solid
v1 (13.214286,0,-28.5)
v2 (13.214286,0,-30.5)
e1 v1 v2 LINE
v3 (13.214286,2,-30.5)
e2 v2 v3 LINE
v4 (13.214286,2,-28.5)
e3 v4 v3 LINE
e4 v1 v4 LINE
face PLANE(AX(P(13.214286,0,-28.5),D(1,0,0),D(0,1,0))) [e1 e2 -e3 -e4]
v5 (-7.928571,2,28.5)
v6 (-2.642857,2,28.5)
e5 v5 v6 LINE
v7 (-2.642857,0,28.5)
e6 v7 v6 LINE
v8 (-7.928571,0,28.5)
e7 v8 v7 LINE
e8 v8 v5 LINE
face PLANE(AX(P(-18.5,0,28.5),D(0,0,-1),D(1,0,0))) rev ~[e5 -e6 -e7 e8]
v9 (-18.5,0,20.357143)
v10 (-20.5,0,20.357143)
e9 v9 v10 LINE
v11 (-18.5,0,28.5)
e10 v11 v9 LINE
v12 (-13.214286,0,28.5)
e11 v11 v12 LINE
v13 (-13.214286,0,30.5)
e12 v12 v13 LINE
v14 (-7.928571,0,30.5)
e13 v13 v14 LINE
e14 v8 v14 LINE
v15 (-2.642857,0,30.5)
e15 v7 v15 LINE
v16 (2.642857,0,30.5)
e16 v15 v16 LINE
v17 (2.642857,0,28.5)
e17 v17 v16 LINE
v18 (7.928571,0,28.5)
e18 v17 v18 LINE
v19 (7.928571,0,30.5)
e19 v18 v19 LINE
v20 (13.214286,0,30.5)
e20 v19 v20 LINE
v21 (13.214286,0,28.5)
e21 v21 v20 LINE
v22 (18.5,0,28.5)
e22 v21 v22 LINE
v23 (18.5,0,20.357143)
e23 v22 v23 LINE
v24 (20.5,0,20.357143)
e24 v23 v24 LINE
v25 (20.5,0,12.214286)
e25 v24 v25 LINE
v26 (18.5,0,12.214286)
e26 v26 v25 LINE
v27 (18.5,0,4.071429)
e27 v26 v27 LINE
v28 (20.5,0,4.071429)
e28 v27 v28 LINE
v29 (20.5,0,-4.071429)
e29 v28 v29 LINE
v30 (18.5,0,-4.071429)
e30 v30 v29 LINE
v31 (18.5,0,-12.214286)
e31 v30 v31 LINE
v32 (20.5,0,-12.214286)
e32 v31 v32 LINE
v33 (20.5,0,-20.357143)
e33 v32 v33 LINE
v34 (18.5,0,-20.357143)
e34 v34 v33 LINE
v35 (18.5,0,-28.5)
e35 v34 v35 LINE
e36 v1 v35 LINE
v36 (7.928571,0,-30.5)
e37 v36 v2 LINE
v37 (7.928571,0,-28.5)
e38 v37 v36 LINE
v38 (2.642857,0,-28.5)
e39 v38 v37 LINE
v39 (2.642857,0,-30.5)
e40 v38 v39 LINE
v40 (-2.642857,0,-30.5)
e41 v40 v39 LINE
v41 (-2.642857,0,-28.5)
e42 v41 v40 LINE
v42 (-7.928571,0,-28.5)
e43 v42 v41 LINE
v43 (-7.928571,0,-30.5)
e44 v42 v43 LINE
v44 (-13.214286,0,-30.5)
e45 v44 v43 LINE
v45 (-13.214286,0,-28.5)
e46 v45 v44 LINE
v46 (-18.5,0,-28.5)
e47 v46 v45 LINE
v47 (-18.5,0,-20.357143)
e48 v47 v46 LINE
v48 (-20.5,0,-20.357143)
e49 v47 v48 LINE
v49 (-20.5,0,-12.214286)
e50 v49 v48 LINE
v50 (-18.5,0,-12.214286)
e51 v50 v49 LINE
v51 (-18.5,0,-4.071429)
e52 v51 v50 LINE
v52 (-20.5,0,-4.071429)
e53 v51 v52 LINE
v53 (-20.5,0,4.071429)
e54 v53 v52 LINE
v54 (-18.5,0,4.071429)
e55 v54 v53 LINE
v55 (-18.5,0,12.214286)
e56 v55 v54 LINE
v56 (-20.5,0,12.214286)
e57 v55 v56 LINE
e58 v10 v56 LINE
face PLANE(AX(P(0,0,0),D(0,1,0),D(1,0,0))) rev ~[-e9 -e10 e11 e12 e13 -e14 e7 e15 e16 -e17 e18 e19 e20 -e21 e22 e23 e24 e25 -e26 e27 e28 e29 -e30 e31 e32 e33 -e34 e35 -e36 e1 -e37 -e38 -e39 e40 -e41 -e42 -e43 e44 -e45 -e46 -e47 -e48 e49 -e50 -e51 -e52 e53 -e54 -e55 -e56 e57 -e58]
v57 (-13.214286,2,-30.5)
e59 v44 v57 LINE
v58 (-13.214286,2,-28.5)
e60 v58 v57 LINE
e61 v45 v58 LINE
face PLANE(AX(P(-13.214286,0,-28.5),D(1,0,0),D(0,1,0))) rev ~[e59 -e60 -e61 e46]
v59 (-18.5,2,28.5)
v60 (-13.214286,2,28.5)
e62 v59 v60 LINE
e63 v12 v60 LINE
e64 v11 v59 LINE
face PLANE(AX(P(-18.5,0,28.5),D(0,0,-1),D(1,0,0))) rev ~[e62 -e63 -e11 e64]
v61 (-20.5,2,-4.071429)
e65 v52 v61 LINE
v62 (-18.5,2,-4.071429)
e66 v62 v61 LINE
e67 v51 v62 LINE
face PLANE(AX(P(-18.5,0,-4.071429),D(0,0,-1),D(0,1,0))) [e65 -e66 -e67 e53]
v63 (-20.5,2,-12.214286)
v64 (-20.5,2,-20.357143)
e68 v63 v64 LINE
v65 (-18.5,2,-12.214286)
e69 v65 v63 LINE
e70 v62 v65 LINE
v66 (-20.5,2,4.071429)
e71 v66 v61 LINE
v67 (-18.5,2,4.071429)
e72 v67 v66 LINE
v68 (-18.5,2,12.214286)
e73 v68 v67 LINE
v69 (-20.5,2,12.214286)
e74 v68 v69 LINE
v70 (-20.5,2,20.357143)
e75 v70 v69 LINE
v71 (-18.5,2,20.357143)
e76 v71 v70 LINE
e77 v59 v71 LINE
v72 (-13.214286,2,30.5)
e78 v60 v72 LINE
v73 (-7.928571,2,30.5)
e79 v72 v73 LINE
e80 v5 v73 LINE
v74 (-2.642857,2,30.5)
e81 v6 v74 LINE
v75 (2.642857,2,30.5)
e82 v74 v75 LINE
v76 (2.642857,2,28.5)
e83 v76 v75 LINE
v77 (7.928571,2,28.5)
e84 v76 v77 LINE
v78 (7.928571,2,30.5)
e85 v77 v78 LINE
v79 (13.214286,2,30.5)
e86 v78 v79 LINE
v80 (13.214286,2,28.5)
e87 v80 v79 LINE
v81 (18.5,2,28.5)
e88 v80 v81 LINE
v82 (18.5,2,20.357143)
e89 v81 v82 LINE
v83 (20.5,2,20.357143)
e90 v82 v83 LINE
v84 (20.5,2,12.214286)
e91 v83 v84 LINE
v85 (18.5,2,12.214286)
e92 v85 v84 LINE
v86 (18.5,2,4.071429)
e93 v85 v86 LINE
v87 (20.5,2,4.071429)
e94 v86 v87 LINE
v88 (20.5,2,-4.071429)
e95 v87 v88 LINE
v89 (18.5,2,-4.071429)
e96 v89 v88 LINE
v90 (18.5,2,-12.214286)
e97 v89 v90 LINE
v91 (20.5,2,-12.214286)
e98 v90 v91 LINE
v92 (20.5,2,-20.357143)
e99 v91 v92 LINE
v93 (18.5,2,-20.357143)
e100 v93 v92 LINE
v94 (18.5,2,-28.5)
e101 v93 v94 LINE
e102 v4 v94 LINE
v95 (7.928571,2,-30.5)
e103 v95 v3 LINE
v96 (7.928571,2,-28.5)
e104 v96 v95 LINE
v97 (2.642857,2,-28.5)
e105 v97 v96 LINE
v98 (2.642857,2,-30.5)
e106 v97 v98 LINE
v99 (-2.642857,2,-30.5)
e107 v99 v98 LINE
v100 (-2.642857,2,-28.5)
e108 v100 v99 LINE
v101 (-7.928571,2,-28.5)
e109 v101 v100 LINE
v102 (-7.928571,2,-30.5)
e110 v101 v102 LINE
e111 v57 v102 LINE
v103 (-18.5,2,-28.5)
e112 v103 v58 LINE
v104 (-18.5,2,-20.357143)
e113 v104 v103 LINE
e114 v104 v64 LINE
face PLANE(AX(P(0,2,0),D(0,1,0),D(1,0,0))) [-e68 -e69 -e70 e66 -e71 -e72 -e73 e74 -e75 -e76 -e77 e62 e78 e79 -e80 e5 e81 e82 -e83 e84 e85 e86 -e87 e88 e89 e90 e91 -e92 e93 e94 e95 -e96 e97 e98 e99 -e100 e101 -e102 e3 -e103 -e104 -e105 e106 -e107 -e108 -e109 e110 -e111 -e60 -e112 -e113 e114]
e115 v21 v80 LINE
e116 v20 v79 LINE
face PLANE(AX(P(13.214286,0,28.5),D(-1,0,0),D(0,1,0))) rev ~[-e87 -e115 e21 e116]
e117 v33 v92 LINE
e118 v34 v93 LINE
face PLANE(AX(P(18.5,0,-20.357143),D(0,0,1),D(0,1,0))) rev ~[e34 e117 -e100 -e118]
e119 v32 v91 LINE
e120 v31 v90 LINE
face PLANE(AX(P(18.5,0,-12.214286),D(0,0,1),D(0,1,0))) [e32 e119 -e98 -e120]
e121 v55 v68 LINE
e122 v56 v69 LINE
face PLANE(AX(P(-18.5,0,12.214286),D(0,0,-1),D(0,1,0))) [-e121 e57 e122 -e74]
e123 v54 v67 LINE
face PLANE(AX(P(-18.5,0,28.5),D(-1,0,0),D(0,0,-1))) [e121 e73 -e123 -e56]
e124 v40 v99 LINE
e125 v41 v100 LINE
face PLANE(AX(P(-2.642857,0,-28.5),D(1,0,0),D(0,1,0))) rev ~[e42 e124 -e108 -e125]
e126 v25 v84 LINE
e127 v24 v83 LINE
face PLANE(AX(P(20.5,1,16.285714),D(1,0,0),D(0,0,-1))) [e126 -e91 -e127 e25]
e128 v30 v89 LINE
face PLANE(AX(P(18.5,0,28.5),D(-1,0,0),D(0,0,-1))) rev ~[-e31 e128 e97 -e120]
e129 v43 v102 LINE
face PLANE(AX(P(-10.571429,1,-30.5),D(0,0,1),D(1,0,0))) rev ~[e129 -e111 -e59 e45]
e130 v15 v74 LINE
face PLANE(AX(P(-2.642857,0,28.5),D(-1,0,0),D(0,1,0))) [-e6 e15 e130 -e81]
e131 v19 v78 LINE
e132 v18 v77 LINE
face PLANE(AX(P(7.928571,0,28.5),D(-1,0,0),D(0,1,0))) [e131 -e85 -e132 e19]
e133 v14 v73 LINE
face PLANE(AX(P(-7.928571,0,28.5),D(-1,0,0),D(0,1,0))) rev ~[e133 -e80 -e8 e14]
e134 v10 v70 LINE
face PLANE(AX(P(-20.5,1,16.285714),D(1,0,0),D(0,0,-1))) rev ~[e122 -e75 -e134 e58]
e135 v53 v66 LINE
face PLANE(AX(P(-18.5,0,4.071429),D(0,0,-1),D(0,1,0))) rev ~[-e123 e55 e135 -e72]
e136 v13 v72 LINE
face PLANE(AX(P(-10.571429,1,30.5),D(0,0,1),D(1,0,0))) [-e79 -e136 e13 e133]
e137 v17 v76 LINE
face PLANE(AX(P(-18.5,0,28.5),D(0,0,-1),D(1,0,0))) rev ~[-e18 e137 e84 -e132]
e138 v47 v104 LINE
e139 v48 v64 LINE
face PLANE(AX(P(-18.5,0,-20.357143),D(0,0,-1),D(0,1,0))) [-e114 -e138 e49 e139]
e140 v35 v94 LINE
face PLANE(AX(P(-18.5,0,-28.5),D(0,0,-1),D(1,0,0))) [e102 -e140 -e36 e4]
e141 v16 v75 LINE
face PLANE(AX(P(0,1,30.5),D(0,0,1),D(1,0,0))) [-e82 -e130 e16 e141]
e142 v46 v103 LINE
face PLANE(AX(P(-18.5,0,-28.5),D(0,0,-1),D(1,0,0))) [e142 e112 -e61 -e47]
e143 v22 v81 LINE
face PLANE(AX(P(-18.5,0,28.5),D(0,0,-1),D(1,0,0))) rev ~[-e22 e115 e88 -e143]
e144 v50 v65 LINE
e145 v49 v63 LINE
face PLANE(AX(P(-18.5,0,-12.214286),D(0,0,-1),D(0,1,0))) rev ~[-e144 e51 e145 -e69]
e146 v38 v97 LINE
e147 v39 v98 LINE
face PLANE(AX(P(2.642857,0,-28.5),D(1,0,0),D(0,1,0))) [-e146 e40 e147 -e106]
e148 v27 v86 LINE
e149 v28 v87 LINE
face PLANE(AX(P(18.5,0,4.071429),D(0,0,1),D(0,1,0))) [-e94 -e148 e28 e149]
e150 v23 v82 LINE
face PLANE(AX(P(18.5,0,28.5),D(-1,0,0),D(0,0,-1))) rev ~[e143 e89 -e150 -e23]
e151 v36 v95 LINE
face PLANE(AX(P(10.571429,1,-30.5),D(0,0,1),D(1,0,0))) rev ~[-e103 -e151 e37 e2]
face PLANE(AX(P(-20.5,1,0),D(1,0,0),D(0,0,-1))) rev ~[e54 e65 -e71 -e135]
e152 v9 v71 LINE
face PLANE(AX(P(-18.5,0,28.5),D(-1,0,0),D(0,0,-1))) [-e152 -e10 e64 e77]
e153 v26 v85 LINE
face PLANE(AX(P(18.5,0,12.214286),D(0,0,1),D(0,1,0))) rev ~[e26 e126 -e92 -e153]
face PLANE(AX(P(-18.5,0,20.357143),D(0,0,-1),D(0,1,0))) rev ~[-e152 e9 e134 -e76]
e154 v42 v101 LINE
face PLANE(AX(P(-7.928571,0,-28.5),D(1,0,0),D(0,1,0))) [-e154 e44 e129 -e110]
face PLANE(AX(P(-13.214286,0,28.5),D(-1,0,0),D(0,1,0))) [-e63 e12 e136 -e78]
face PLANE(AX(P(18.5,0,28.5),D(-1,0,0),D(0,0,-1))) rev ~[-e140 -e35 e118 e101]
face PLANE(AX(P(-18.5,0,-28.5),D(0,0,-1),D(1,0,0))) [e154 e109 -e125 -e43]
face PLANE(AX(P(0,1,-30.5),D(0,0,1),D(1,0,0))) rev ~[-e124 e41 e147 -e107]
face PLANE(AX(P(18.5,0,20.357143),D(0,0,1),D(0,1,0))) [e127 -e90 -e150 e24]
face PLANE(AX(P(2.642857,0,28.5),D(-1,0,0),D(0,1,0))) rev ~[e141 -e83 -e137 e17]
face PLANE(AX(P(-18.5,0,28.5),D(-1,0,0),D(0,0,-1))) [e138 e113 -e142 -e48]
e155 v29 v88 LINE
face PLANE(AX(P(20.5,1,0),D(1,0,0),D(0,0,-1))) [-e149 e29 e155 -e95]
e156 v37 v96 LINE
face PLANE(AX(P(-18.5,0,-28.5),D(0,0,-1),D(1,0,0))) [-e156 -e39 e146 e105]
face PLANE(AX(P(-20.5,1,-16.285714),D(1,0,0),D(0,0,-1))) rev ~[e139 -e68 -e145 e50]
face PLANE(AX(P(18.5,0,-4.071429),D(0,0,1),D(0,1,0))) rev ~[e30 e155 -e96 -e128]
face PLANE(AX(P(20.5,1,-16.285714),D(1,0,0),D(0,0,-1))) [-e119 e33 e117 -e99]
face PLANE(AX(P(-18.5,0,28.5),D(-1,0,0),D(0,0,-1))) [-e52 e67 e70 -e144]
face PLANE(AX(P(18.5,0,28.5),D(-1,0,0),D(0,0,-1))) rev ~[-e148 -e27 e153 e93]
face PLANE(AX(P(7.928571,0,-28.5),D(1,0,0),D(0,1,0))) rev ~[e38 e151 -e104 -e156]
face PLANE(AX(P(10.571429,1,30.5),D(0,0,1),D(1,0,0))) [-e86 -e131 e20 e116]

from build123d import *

# Parameters (mm, degrees)
SKETCH_4_W      = 37
SKETCH_4_H      = 57
EXTRUDE_1_DEPTH = 2
SKETCH_5_W      = 5.285714285
SKETCH_5_H      = 2
SKETCH_5_W_2    = 5.285714286
EXTRUDE_2_DEPTH = 2
EXTRUDE_START   = -57
SKETCH_5_3_W    = 5.285714285
SKETCH_5_3_H    = 2
SKETCH_5_3_W_2  = 5.285714286
EXTRUDE_3_DEPTH = 2
SKETCH_6_W      = 8.142857143
SKETCH_6_H      = 2
SKETCH_6_W_2    = 8.142857142
EXTRUDE_4_DEPTH = 2
EXTRUDE_START_2 = -37
SKETCH_6_2_W    = 8.142857143
SKETCH_6_2_H    = 2
SKETCH_6_2_W_2  = 8.142857142
EXTRUDE_5_DEPTH = 2


with BuildPart() as part:
    # 草图4 → 凸台-拉伸1 (new body)
    with BuildSketch(Plane(origin=(0, 0, 0), x_dir=(1, 0, 0), z_dir=(0, 1, 0))):
        Rectangle(SKETCH_4_W, SKETCH_4_H)
    extrude(amount=EXTRUDE_1_DEPTH)

    # 草图5 → 凸台-拉伸2 (add)
    with BuildSketch(Plane.XY.offset(28.5)):
        with Locations((10.571428572, 1)):
            Rectangle(SKETCH_5_W, SKETCH_5_H)
        with Locations((0, 1)):
            Rectangle(SKETCH_5_W_2, SKETCH_5_H)
        with Locations((-10.571428572, 1)):
            Rectangle(SKETCH_5_W, SKETCH_5_H)
    extrude(amount=EXTRUDE_2_DEPTH)

    # 草图5<3> → 凸台-拉伸3 (add)
    with BuildSketch(Plane.XY.offset(28.5).offset(EXTRUDE_START)):
        with Locations((10.571428572, 1)):
            Rectangle(SKETCH_5_3_W, SKETCH_5_3_H)
        with Locations((0, 1)):
            Rectangle(SKETCH_5_3_W_2, SKETCH_5_3_H)
        with Locations((-10.571428572, 1)):
            Rectangle(SKETCH_5_3_W, SKETCH_5_3_H)
    extrude(amount=-EXTRUDE_3_DEPTH)

    # 草图6 → 凸台-拉伸4 (add)
    with BuildSketch(Plane(origin=(18.5, 0, 0), x_dir=(0, 0, -1), z_dir=(1, 0, 0))):
        with Locations((-16.285714286, 1)):
            Rectangle(SKETCH_6_W, SKETCH_6_H)
        with Locations((0, 1)):
            Rectangle(SKETCH_6_W_2, SKETCH_6_H)
        with Locations((16.285714286, 1)):
            Rectangle(SKETCH_6_W, SKETCH_6_H)
    extrude(amount=EXTRUDE_4_DEPTH)

    # 草图6<2> → 凸台-拉伸5 (add)
    with BuildSketch(Plane(origin=(18.5, 0, 0), x_dir=(0, 0, -1), z_dir=(1, 0, 0)).offset(EXTRUDE_START_2)):
        with Locations((-16.285714286, 1)):
            Rectangle(SKETCH_6_2_W, SKETCH_6_2_H)
        with Locations((0, 1)):
            Rectangle(SKETCH_6_2_W_2, SKETCH_6_2_H)
        with Locations((16.285714286, 1)):
            Rectangle(SKETCH_6_2_W, SKETCH_6_2_H)
    extrude(amount=-EXTRUDE_5_DEPTH)


solid = part.part
